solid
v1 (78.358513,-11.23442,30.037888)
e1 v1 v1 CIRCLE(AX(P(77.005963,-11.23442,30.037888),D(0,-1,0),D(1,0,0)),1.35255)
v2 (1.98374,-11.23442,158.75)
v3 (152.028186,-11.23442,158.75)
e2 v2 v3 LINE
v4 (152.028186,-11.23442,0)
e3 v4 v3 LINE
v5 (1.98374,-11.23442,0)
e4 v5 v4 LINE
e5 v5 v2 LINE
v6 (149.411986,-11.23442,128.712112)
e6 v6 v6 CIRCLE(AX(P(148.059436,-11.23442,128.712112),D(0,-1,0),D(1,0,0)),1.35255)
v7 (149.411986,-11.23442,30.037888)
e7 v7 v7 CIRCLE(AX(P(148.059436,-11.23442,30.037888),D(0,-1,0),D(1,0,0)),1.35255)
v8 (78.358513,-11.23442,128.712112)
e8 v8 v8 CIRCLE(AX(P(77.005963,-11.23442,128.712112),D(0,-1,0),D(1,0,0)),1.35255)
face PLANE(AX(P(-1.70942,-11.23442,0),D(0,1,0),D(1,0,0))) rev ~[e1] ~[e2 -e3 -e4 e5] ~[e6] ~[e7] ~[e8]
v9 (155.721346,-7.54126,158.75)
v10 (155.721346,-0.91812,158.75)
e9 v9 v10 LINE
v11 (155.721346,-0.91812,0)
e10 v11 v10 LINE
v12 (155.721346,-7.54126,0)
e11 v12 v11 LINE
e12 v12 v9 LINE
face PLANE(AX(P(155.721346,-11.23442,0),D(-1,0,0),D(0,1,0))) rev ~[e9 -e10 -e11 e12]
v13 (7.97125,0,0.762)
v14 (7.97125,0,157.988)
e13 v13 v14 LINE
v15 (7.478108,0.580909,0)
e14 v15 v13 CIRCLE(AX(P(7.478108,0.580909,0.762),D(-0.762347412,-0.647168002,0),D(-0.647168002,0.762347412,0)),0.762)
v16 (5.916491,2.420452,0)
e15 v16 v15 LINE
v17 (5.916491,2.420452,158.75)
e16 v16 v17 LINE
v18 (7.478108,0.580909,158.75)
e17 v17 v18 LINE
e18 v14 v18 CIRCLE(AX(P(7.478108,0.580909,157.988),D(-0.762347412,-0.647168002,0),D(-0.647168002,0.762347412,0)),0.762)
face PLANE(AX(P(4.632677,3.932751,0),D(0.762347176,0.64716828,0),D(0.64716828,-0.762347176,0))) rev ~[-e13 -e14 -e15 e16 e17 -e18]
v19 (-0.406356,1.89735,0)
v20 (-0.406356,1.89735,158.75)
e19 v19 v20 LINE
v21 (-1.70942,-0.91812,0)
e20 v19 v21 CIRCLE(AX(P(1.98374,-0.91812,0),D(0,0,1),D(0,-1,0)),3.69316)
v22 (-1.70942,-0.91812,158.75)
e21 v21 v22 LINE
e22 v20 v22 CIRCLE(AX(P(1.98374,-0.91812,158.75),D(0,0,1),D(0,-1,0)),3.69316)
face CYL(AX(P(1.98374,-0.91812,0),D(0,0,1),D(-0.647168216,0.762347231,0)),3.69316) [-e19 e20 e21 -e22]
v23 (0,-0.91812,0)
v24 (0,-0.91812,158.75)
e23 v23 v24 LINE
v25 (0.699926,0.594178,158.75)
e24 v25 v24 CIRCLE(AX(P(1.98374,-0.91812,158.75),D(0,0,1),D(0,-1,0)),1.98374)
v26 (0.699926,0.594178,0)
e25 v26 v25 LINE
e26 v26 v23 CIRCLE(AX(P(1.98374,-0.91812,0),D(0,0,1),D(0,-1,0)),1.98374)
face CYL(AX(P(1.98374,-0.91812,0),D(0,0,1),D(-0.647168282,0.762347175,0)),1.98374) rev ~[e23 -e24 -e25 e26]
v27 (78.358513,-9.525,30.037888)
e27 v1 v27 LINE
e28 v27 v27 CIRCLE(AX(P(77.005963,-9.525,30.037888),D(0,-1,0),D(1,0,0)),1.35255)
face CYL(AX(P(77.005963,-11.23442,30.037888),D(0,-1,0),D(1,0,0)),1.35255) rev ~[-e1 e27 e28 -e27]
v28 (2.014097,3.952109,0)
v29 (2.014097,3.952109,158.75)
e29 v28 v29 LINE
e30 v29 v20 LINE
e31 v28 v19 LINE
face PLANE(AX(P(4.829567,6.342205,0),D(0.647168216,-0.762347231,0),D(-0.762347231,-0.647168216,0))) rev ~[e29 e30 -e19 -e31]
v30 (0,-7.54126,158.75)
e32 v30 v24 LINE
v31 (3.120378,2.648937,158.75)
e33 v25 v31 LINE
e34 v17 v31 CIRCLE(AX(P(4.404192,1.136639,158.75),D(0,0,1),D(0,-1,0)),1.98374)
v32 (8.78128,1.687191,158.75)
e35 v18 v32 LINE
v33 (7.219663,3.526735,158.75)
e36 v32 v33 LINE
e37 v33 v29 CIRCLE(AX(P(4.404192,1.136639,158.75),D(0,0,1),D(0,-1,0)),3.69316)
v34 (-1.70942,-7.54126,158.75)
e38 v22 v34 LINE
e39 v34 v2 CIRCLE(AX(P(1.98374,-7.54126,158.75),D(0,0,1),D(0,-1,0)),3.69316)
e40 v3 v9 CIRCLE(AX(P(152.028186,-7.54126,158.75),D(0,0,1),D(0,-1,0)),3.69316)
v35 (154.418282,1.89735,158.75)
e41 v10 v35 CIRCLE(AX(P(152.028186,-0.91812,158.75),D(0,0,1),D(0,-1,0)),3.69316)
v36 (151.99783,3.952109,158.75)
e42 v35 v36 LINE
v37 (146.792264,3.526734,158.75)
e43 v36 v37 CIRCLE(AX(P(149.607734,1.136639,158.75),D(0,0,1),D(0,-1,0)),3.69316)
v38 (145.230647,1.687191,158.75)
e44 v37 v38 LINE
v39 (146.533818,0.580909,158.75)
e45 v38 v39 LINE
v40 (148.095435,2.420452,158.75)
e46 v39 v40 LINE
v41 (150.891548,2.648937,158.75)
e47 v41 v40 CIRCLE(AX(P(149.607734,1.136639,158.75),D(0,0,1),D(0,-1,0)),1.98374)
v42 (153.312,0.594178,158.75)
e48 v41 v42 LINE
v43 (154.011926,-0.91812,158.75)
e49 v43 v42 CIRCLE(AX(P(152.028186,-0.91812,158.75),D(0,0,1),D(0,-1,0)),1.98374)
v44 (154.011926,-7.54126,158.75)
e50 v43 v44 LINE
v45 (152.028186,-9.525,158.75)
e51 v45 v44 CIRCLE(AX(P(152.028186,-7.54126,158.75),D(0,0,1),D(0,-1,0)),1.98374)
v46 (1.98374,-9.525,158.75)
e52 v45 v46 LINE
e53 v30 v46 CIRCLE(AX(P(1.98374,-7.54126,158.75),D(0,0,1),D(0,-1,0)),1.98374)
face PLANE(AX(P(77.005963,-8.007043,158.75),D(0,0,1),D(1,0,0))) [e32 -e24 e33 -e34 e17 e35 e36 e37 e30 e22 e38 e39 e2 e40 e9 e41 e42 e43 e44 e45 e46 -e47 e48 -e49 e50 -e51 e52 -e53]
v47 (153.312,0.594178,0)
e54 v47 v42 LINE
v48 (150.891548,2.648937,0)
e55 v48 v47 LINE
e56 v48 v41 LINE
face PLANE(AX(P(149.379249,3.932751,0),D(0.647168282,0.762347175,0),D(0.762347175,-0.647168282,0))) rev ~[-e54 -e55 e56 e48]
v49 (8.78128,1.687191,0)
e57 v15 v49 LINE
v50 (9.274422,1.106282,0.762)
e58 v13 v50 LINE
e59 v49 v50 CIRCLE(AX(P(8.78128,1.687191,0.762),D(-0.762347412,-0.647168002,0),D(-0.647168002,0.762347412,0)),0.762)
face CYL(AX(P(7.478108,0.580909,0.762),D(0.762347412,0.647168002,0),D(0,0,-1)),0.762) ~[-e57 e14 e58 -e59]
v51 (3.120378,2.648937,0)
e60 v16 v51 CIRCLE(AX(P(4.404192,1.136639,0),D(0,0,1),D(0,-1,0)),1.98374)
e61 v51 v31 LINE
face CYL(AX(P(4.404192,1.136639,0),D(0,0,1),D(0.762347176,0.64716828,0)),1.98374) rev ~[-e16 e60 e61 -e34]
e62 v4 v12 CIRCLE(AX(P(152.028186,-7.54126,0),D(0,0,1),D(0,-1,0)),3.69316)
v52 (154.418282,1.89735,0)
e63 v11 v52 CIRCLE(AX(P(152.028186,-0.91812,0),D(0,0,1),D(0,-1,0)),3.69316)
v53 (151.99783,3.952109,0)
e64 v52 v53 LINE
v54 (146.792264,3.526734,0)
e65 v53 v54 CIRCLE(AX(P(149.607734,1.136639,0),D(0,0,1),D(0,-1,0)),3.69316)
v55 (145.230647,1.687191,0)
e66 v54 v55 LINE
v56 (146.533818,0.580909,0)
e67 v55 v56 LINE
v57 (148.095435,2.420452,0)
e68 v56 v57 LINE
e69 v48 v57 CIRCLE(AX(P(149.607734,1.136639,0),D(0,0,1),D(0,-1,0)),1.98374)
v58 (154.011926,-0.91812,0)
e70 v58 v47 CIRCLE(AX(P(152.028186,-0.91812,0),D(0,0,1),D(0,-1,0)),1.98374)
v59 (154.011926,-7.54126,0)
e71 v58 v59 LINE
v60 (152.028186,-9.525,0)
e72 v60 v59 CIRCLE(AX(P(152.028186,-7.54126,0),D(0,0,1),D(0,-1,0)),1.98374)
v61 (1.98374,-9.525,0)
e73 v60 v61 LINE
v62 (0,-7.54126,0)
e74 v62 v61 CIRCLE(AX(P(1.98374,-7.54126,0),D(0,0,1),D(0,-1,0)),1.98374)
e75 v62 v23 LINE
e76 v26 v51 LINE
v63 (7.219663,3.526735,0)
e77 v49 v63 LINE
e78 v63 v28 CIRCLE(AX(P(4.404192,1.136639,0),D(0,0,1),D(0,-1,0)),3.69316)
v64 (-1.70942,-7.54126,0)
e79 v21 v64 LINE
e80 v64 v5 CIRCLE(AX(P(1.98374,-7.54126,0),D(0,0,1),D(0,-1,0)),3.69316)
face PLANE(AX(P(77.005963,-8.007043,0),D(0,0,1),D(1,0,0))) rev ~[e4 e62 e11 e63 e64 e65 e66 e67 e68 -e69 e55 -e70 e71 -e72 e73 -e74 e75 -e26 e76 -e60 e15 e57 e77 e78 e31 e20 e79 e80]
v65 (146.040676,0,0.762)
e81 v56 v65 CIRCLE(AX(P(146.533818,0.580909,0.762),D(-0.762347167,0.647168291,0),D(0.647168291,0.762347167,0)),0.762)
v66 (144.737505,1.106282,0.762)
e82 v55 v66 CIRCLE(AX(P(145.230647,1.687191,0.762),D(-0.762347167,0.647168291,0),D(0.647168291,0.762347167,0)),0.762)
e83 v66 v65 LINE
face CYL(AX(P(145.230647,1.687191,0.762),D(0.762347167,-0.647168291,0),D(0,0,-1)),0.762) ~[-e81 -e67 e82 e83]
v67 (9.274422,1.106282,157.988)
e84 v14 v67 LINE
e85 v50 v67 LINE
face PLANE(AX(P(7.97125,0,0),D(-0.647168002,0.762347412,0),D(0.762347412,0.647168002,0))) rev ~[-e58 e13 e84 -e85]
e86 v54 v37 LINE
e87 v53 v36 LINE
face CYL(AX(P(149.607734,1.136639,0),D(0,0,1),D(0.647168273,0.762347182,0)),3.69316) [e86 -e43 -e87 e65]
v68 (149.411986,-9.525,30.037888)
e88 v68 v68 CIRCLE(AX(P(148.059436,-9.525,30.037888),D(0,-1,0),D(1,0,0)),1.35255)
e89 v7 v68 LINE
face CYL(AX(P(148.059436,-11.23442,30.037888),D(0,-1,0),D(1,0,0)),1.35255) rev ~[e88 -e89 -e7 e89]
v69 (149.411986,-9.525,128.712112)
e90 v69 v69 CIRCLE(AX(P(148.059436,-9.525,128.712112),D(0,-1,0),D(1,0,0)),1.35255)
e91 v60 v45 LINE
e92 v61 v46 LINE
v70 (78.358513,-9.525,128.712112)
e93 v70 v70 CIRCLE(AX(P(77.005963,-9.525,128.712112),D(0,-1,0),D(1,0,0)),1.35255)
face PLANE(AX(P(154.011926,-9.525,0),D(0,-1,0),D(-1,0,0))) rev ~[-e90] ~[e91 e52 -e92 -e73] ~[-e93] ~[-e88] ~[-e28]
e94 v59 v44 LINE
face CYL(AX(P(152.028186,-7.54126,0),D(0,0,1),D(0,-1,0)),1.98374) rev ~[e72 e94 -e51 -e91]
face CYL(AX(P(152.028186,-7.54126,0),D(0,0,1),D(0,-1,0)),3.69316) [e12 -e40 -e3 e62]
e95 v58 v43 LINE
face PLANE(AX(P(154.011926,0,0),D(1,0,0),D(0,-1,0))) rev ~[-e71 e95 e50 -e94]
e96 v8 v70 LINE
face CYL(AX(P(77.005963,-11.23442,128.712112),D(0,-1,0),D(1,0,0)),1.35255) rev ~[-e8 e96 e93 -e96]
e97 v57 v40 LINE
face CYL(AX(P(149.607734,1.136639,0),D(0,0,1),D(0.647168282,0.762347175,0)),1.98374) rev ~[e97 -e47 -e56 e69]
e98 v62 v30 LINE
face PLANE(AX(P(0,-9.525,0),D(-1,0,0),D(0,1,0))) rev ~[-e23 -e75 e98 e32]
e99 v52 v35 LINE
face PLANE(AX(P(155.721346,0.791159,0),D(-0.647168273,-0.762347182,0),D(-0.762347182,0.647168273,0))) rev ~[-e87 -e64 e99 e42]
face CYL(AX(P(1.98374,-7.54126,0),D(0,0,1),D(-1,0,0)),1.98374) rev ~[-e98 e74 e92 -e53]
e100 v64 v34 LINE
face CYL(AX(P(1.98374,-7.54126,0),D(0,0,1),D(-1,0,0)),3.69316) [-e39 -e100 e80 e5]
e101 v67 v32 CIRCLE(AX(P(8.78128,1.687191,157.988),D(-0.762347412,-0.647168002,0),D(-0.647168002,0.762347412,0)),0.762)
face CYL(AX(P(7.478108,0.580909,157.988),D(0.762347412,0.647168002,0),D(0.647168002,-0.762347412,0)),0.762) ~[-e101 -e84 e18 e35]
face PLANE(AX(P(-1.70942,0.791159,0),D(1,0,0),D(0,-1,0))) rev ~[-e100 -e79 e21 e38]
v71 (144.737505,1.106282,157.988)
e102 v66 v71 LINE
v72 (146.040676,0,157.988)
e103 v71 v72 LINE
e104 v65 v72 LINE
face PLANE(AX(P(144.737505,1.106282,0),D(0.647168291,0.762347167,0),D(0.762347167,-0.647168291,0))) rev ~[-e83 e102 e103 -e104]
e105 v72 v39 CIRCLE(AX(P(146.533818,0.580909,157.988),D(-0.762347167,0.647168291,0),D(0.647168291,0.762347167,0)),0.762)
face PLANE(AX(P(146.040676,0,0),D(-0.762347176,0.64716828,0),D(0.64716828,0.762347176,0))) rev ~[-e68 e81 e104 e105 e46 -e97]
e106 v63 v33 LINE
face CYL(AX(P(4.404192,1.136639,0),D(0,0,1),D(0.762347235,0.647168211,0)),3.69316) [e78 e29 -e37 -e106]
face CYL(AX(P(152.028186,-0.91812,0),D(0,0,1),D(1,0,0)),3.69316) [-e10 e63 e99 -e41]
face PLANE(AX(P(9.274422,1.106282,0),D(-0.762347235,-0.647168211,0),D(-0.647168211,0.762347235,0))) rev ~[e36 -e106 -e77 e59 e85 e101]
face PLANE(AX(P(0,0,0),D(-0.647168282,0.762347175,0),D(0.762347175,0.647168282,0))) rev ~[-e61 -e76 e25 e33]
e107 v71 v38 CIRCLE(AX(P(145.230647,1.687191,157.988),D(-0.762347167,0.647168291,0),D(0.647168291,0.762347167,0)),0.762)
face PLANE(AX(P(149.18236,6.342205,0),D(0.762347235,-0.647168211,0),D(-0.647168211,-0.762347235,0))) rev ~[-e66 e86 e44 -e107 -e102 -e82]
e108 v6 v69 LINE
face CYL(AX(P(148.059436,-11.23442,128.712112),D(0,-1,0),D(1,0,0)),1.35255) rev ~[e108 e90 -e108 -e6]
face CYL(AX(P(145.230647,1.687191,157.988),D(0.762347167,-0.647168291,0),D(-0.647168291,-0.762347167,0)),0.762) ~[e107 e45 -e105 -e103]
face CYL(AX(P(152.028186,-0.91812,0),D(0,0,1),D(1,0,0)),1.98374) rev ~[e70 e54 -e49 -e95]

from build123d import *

# Parameters (mm, degrees)
F1_DEPTH = 158.75
F2_R     = 3.69316
F3_R     = 1.98374
F4_R     = 1.35255
F5_DEPTH = 1.70942
F6_R     = 0.762


with BuildPart() as f1:
    # F0 (on Top) → F1 (new body)
    with BuildSketch(Plane.XY):
        Polygon((0, -9.525), (0, 0), (4.632677, 3.932751), (7.97125, 0), (9.274422, 1.106282), (4.829567, 6.342205), (-1.70942, 0.791159), (-1.70942, -11.23442), (155.721346, -11.23442), (155.721346, 0.791159), (149.18236, 6.342205), (144.737505, 1.106282), (146.040676, 0), (149.379249, 3.932751), (154.011926, 0), (154.011926, -9.525), align=None)
    extrude(amount=F1_DEPTH)

    # F2
    f2_edges = [f1.edges().sort_by_distance(p)[0] for p in [
        (149.18236, 6.342205, 79.375),
        (155.721346, 0.791159, 79.375),
        (155.721346, -11.23442, 79.375),
        (-1.70942, -11.23442, 79.375),
        (-1.70942, 0.791159, 79.375),
        (4.829567, 6.342205, 79.375),
    ]]
    fillet(f2_edges, radius=F2_R)

    # F3
    f3_edges = [f1.edges().sort_by_distance(p)[0] for p in [
        (149.379249, 3.932751, 79.375),
        (154.011926, 0, 79.375),
        (154.011926, -9.525, 79.375),
        (0, -9.525, 79.375),
        (0, 0, 79.375),
        (4.632677, 3.932751, 79.375),
    ]]
    fillet(f3_edges, radius=F3_R)

    # F4 (on face) → F5 (cut, through all)
    with BuildSketch(Plane.XZ.offset(11.23442)):
        with Locations((148.059436, 128.712112)):
            Circle(F4_R)
        with Locations((77.005963, 128.712112)):
            Circle(F4_R)
        with Locations((77.005963, 30.037888)):
            Circle(F4_R)
        with Locations((148.059436, 30.037888)):
            Circle(F4_R)
    extrude(amount=-F5_DEPTH, mode=Mode.SUBTRACT)

    # F6
    f6_edges = [f1.edges().sort_by_distance(p)[0] for p in [
        (145.38909, 0.553141, 158.75),
        (145.38909, 0.553141, 0),
        (8.622836, 0.553141, 0),
        (8.622836, 0.553141, 158.75),
    ]]
    fillet(f6_edges, radius=F6_R)


solid = f1.part
